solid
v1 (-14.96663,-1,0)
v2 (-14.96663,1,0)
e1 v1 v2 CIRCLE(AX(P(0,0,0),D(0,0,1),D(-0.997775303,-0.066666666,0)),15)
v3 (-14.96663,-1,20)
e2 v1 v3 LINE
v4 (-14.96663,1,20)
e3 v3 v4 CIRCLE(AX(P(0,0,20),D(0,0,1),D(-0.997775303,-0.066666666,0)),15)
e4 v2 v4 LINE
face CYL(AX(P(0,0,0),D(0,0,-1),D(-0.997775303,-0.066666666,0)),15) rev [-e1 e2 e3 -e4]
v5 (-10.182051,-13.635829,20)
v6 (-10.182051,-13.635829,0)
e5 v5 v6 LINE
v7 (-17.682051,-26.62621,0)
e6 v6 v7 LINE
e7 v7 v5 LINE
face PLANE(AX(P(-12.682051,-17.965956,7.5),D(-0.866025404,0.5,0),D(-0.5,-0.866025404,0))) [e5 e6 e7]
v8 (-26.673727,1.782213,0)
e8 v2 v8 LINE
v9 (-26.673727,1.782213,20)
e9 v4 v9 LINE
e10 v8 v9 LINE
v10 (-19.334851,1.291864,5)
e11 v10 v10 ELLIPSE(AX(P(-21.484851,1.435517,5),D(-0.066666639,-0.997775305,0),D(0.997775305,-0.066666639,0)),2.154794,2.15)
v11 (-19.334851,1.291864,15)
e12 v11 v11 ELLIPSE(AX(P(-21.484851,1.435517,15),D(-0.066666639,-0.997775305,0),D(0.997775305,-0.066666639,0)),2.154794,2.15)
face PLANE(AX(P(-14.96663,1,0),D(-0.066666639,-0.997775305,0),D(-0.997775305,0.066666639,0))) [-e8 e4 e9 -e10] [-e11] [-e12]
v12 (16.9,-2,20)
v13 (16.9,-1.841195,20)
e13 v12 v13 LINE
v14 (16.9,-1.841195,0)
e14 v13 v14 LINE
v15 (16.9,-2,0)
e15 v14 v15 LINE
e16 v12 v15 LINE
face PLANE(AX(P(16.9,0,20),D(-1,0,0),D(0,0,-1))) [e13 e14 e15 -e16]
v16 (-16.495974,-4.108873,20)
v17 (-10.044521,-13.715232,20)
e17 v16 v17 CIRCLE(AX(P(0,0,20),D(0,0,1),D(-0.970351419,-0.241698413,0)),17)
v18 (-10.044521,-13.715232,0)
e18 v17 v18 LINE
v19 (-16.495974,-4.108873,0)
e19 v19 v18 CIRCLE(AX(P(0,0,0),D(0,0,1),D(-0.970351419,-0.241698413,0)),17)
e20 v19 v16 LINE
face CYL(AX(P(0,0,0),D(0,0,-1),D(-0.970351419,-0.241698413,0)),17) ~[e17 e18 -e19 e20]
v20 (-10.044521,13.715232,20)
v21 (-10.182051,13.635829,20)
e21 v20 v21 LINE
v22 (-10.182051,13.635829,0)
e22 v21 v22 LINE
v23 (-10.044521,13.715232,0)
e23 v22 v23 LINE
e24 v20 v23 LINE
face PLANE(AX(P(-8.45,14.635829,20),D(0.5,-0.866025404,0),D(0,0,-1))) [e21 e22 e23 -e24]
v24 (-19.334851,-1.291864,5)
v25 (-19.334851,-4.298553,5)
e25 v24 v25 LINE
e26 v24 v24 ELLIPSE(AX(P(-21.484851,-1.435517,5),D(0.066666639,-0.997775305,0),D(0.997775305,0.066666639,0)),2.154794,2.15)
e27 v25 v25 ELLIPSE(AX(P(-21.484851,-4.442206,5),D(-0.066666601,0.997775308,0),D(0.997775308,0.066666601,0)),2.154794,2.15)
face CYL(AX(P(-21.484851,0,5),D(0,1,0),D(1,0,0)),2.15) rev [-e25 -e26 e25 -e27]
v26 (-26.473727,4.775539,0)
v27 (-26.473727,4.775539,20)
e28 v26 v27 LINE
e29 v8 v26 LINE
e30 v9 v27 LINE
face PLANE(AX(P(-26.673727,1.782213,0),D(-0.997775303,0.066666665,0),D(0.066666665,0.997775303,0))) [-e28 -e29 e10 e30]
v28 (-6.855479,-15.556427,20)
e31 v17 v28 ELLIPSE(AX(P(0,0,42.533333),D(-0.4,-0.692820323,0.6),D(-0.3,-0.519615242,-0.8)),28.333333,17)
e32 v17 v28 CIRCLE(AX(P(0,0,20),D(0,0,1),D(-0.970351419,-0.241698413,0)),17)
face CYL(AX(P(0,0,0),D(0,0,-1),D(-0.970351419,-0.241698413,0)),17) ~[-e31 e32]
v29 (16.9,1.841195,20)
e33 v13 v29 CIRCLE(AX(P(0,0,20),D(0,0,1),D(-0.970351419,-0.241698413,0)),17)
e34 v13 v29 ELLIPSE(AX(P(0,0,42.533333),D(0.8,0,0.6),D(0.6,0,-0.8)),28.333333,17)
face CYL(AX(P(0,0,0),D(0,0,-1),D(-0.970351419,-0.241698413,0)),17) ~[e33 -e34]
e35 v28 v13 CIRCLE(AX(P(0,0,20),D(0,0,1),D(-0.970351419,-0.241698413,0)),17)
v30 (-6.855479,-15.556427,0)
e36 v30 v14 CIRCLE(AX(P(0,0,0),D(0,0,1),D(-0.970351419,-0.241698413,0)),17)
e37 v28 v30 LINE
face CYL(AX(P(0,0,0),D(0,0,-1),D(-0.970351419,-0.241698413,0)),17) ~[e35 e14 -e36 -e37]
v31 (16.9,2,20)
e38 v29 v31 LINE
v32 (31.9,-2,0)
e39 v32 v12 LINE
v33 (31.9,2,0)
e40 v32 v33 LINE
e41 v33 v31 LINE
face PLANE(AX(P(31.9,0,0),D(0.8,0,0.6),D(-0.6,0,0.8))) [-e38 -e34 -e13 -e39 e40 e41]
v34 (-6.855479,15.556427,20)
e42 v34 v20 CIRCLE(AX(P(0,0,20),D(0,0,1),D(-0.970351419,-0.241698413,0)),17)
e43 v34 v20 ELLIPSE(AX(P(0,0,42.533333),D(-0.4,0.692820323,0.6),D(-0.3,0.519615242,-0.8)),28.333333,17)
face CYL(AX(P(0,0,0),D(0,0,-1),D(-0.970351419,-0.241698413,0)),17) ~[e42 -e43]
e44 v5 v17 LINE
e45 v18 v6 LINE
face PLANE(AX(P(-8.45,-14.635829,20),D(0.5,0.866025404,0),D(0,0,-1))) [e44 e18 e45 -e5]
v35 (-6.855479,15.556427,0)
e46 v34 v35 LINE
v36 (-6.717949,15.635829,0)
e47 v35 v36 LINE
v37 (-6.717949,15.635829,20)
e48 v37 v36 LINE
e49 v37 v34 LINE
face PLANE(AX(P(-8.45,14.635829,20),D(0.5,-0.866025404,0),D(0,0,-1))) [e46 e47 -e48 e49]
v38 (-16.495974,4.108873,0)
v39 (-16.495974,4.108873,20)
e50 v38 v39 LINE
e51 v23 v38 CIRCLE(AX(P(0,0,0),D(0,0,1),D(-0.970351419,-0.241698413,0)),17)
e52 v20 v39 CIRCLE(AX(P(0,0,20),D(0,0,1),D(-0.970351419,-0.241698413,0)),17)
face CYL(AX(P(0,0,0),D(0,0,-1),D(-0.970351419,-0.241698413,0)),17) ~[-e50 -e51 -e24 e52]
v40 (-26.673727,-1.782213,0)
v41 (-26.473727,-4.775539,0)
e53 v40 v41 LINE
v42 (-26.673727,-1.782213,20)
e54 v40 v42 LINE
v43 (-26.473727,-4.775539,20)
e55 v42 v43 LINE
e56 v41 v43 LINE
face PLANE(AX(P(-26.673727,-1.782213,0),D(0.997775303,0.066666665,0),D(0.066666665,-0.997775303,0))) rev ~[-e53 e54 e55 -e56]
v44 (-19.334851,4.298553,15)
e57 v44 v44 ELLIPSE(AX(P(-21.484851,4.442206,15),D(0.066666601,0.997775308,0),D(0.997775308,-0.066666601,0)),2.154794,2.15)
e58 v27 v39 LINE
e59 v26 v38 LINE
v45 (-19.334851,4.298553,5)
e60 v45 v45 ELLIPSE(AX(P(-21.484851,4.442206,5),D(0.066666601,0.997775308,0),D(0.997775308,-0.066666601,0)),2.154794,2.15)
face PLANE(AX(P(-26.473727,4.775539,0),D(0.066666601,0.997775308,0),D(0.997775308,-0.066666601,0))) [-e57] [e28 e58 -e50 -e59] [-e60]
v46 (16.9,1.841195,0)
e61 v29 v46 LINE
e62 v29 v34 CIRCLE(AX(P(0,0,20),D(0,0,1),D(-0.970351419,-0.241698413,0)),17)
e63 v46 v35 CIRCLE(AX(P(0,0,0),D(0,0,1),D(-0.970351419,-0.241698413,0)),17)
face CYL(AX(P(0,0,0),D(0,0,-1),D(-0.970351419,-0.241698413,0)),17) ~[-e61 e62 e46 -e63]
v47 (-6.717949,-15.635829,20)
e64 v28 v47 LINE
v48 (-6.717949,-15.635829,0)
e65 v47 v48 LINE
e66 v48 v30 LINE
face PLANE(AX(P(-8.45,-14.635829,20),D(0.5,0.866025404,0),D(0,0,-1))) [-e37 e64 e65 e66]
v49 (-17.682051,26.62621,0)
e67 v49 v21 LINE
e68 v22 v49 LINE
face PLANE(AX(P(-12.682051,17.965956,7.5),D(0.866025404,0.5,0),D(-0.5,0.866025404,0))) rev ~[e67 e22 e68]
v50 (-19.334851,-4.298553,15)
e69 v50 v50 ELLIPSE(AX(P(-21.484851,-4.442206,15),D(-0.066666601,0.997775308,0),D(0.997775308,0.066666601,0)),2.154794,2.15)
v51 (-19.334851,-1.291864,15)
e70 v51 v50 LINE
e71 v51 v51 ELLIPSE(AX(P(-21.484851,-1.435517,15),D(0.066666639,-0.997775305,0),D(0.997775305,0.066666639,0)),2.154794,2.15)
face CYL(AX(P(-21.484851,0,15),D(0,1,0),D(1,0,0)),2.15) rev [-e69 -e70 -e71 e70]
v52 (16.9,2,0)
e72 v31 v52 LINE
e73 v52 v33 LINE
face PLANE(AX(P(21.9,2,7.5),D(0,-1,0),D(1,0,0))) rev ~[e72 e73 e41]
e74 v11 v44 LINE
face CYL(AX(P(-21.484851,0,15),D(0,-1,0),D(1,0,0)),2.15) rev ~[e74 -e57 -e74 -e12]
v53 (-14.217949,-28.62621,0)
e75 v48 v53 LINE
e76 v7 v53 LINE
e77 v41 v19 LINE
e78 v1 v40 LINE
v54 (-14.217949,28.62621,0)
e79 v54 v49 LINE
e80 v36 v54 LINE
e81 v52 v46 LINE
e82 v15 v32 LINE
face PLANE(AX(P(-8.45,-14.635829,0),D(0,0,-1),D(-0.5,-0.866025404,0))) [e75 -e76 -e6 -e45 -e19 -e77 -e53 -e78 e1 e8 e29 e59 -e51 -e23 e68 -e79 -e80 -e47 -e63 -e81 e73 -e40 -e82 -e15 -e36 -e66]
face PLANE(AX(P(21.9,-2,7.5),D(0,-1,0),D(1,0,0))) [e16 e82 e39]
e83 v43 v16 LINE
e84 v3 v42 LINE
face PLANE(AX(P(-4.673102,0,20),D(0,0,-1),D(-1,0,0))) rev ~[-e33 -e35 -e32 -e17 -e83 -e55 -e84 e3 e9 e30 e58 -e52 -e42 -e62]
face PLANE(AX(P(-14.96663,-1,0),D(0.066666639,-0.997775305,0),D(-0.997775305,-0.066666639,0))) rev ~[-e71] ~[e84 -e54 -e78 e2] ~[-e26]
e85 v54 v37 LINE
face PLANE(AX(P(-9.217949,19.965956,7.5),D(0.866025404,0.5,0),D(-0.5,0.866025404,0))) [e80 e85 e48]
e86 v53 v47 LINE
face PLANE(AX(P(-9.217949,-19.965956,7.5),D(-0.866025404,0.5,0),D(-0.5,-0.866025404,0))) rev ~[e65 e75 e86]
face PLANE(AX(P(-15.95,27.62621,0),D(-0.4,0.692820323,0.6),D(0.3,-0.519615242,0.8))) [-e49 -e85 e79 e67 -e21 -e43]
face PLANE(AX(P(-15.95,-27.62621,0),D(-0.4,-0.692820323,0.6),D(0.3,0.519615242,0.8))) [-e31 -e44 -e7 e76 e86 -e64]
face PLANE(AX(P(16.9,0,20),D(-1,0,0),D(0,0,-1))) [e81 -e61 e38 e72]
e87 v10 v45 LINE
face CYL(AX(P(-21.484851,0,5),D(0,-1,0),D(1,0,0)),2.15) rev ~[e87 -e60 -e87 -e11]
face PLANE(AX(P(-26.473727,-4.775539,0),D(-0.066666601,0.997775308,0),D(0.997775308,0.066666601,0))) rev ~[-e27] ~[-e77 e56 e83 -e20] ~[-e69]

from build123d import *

# Parameters (mm, degrees)
PAD_DEPTH          = 20
SKETCH001_R        = 2.15
POCKET_DEPTH       = 17.001
POCKET_DEPTH_BACK  = -17.001
PAD001_DEPTH       = 2
POLARPATTERN_COUNT = 3
POLARPATTERN_ANGLE = 240


with BuildPart() as part:
    # Sketch → Pad (new body)
    with BuildSketch(Plane.XY):
        with BuildLine():
            ThreePointArc((-14.96663, -1), (15, 0), (-14.96663, 1))
            Line((-14.96663, 1), (-26.673727, 1.782213))
            Line((-26.673727, 1.782213), (-26.473727, 4.775539))
            Line((-26.473727, 4.775539), (-16.495974, 4.108873))
            ThreePointArc((-16.495974, -4.108873), (17, 0), (-16.495974, 4.108873))
            Line((-26.473727, -4.775539), (-16.495974, -4.108873))
            Line((-26.673727, -1.782213), (-26.473727, -4.775539))
            Line((-14.96663, -1), (-26.673727, -1.782213))
        make_face()
    extrude(amount=PAD_DEPTH)

    # Sketch001 → Pocket (cut, two sides)
    with BuildSketch(Plane.XZ) as pocket_sk:
        with Locations((-21.484851, 15)):
            Circle(SKETCH001_R)
        with Locations((-21.484851, 5)):
            Circle(SKETCH001_R)
    extrude(amount=-POCKET_DEPTH, mode=Mode.SUBTRACT)
    extrude(pocket_sk.sketch, amount=-POCKET_DEPTH_BACK, mode=Mode.SUBTRACT)

    # Sketch002 → Pad001 (join, symmetric)
    with BuildSketch(Plane.XZ):
        Polygon((16.9, 20), (16.9, 0), (31.9, 0), align=None)
    pad001 = extrude(amount=PAD001_DEPTH, both=True)

    # PolarPattern: Pad001 ×3 about axis
    polarpattern_axis = Axis((0, 0, 0), (0, 0, 1))
    for i in range(1, POLARPATTERN_COUNT):
        add(pad001.rotate(polarpattern_axis, i * POLARPATTERN_ANGLE / (POLARPATTERN_COUNT - 1)))


solid = part.part
